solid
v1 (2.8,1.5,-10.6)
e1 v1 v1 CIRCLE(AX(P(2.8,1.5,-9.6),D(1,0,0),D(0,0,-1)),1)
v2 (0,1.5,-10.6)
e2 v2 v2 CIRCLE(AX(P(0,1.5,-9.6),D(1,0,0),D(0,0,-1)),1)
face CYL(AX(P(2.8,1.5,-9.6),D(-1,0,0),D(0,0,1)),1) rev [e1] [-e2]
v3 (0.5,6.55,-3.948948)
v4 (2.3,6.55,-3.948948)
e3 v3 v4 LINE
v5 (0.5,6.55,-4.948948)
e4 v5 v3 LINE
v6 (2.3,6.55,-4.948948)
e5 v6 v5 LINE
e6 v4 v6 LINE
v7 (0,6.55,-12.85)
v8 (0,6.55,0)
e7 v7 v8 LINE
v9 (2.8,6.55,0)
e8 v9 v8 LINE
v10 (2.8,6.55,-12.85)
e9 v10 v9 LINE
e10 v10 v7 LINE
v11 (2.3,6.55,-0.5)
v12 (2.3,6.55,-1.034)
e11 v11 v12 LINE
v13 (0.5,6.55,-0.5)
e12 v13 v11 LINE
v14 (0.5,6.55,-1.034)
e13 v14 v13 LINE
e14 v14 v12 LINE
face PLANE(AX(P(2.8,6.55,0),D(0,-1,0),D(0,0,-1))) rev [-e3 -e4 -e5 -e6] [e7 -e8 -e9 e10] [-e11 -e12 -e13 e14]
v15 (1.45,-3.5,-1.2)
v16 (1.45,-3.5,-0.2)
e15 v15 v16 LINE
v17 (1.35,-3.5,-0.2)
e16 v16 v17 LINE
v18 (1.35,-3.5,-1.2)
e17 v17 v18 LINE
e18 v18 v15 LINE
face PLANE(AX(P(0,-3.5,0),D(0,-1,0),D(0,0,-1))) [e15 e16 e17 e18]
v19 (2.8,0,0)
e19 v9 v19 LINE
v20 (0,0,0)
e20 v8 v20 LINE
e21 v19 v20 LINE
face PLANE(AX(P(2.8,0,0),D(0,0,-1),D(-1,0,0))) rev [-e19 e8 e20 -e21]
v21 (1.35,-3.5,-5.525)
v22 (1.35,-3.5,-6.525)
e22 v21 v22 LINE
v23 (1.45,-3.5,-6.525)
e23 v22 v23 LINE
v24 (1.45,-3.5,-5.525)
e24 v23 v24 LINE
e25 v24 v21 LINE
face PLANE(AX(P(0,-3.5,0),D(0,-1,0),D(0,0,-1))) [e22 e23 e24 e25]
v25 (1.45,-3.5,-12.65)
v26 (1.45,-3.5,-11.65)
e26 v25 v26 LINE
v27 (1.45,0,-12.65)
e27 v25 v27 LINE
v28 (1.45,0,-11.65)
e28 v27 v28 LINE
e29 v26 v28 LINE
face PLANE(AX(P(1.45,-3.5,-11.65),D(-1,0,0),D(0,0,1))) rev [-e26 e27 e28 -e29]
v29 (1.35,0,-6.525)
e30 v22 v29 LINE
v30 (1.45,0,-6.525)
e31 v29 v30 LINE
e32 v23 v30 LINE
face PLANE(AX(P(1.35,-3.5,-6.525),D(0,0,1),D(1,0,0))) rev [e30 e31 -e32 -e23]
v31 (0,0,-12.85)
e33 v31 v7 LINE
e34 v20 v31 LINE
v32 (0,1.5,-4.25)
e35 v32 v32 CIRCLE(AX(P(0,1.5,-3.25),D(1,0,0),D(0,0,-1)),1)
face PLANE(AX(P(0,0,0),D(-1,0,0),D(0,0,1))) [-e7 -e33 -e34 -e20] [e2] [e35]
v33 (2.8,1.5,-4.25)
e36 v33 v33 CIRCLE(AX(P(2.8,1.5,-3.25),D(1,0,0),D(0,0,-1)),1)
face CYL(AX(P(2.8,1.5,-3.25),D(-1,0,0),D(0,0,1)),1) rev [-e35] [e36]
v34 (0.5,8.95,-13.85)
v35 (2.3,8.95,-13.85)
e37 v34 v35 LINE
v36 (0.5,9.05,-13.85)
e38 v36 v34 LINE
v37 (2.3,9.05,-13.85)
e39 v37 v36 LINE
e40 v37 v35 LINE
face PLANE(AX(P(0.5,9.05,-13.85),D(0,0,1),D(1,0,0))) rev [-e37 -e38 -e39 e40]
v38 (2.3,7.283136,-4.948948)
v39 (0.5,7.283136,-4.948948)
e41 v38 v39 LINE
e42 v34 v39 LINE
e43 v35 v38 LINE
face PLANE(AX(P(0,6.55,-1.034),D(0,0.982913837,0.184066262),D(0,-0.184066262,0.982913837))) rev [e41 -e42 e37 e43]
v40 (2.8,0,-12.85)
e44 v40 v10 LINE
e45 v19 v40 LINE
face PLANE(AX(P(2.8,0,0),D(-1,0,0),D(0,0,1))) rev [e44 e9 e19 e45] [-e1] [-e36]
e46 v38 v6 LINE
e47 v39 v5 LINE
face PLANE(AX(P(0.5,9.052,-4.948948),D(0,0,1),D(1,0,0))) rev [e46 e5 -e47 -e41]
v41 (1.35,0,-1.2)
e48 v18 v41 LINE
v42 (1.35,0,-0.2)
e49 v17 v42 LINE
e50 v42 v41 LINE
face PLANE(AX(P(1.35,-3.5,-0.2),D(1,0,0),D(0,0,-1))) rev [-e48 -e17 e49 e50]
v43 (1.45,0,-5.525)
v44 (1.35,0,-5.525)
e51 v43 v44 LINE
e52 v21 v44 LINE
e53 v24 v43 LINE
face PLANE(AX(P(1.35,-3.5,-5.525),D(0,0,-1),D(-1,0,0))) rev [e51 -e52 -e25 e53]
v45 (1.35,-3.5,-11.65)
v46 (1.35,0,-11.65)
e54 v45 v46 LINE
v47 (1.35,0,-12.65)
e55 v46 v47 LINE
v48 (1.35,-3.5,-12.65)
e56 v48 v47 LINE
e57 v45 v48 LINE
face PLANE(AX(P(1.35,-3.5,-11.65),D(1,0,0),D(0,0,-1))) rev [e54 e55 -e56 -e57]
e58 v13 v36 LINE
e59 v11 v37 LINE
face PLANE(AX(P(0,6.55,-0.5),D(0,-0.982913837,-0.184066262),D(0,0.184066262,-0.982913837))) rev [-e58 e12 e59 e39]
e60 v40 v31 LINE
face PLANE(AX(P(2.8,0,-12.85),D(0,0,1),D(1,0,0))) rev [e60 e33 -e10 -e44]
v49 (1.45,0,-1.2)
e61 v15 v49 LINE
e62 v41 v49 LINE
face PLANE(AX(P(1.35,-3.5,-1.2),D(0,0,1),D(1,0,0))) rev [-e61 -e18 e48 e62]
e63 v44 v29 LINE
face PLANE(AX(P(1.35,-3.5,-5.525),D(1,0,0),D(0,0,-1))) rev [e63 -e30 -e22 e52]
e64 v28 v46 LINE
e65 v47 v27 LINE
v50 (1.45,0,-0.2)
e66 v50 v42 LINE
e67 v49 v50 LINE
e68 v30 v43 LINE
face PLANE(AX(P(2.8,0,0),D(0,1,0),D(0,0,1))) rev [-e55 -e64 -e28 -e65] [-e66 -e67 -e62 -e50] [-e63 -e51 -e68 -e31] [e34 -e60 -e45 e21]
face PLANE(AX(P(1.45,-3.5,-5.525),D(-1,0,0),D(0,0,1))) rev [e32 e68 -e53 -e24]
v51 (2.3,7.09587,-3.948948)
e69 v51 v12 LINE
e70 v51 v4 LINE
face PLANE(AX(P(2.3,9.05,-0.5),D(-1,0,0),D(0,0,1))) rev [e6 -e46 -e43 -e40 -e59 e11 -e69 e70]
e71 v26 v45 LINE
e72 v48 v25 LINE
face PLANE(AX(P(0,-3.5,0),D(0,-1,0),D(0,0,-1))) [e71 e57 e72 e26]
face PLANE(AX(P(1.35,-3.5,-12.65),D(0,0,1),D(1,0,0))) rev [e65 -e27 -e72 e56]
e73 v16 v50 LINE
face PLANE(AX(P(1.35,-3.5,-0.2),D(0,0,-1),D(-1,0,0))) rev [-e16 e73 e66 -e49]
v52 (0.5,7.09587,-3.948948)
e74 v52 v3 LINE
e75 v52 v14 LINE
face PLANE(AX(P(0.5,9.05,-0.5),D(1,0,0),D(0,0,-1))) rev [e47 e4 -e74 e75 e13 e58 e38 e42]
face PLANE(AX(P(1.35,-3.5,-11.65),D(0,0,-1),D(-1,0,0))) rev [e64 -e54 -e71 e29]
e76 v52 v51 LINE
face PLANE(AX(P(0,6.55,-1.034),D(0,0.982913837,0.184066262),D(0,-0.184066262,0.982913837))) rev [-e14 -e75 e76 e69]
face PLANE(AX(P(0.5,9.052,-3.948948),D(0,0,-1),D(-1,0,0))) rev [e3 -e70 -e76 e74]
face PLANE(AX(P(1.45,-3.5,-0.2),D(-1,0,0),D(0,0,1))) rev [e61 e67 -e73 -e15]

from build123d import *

# Parameters (mm, degrees)
BODYSKETCH1_W                = 12.85
BODYSKETCH1_H                = 6.55
BODYSKETCH1_R                = 1
BODYBOSS_EXTRUDE1_DEPTH      = 2.8
SKETCH2_W                    = 1.8
SKETCH2_H                    = 13.35
LEVERBOSS_EXTRUDE2_DEPTH     = 2.5
LEVERCUT_EXTRUDE1_DEPTH      = 17.703742096
BUTTONBOSS_EXTRUDE3_REACH    = 17.574
SKETCH4_W                    = 1.8
SKETCH4_H                    = 1
SKETCH5_W                    = 0.1
SKETCH5_H                    = 1
TEREMINALBOSS_EXTRUDE4_DEPTH = 3.5


with BuildPart() as part:
    # BodySketch1 → BodyBoss-Extrude1 (new body)
    with BuildSketch(Plane(origin=(0, 0, 0), x_dir=(0, 0, -1), z_dir=(1, 0, 0))):
        with Locations((6.425, 3.275)):
            Rectangle(BODYSKETCH1_W, BODYSKETCH1_H)
        with Locations((3.25, 1.5)):
            Circle(BODYSKETCH1_R, mode=Mode.SUBTRACT)
        with Locations((9.6, 1.5)):
            Circle(BODYSKETCH1_R, mode=Mode.SUBTRACT)
    extrude(amount=BODYBOSS_EXTRUDE1_DEPTH)

    # Sketch2 → LeverBoss-Extrude2 (add)
    with BuildSketch(Plane(origin=(0, 6.55, 0), x_dir=(1, 0, 0), z_dir=(0, 1, 0))):
        with Locations((1.4, 7.175)):
            Rectangle(SKETCH2_W, SKETCH2_H)
    extrude(amount=LEVERBOSS_EXTRUDE2_DEPTH)

    # Sketch3 → LeverCut-Extrude1 (cut, through all)
    with BuildSketch(Plane(origin=(2.3, 0, 0), x_dir=(0, 0, -1), z_dir=(1, 0, 0))):
        Polygon((0.5, 6.55), (13.85, 9.05), (0.5, 9.05), align=None)
        Polygon((13.85, 8.95), (13.85, 6.55), (1.034, 6.55), align=None)
    extrude(amount=-LEVERCUT_EXTRUDE1_DEPTH, mode=Mode.SUBTRACT)

    # ButtonBoss-Extrude3: up to this plane
    buttonboss_extrude3_end = Plane(origin=(0, 6.55, -1.034), z_dir=(0, 0.982913837182172, 0.1840662616446014))
    # Sketch4 → ButtonBoss-Extrude3 (add, up to the surface)
    with BuildSketch(Plane(origin=(0, 6.55, 0), x_dir=(1, 0, 0), z_dir=(0, 1, 0)), mode=Mode.PRIVATE) as buttonboss_extrude3_sk1:
        with Locations((1.4, 4.448948019)):
            Rectangle(SKETCH4_W, SKETCH4_H)
    buttonboss_extrude3_tool1 = split(extrude(buttonboss_extrude3_sk1.sketch, amount=BUTTONBOSS_EXTRUDE3_REACH, mode=Mode.PRIVATE), bisect_by=buttonboss_extrude3_end, keep=Keep.BOTH, mode=Mode.PRIVATE)
    add(buttonboss_extrude3_tool1.solids().sort_by_distance((1.4, 6.55, -4.448948))[0])

    # Sketch5 → TereminalBoss-Extrude4 (add)
    with BuildSketch(Plane.XZ):
        with Locations((1.4, -0.7)):
            Rectangle(SKETCH5_W, SKETCH5_H)
        with Locations((1.4, -6.025)):
            Rectangle(SKETCH5_W, SKETCH5_H)
        with Locations((1.4, -12.15)):
            Rectangle(SKETCH5_W, SKETCH5_H)
    extrude(amount=TEREMINALBOSS_EXTRUDE4_DEPTH)


solid = part.part
